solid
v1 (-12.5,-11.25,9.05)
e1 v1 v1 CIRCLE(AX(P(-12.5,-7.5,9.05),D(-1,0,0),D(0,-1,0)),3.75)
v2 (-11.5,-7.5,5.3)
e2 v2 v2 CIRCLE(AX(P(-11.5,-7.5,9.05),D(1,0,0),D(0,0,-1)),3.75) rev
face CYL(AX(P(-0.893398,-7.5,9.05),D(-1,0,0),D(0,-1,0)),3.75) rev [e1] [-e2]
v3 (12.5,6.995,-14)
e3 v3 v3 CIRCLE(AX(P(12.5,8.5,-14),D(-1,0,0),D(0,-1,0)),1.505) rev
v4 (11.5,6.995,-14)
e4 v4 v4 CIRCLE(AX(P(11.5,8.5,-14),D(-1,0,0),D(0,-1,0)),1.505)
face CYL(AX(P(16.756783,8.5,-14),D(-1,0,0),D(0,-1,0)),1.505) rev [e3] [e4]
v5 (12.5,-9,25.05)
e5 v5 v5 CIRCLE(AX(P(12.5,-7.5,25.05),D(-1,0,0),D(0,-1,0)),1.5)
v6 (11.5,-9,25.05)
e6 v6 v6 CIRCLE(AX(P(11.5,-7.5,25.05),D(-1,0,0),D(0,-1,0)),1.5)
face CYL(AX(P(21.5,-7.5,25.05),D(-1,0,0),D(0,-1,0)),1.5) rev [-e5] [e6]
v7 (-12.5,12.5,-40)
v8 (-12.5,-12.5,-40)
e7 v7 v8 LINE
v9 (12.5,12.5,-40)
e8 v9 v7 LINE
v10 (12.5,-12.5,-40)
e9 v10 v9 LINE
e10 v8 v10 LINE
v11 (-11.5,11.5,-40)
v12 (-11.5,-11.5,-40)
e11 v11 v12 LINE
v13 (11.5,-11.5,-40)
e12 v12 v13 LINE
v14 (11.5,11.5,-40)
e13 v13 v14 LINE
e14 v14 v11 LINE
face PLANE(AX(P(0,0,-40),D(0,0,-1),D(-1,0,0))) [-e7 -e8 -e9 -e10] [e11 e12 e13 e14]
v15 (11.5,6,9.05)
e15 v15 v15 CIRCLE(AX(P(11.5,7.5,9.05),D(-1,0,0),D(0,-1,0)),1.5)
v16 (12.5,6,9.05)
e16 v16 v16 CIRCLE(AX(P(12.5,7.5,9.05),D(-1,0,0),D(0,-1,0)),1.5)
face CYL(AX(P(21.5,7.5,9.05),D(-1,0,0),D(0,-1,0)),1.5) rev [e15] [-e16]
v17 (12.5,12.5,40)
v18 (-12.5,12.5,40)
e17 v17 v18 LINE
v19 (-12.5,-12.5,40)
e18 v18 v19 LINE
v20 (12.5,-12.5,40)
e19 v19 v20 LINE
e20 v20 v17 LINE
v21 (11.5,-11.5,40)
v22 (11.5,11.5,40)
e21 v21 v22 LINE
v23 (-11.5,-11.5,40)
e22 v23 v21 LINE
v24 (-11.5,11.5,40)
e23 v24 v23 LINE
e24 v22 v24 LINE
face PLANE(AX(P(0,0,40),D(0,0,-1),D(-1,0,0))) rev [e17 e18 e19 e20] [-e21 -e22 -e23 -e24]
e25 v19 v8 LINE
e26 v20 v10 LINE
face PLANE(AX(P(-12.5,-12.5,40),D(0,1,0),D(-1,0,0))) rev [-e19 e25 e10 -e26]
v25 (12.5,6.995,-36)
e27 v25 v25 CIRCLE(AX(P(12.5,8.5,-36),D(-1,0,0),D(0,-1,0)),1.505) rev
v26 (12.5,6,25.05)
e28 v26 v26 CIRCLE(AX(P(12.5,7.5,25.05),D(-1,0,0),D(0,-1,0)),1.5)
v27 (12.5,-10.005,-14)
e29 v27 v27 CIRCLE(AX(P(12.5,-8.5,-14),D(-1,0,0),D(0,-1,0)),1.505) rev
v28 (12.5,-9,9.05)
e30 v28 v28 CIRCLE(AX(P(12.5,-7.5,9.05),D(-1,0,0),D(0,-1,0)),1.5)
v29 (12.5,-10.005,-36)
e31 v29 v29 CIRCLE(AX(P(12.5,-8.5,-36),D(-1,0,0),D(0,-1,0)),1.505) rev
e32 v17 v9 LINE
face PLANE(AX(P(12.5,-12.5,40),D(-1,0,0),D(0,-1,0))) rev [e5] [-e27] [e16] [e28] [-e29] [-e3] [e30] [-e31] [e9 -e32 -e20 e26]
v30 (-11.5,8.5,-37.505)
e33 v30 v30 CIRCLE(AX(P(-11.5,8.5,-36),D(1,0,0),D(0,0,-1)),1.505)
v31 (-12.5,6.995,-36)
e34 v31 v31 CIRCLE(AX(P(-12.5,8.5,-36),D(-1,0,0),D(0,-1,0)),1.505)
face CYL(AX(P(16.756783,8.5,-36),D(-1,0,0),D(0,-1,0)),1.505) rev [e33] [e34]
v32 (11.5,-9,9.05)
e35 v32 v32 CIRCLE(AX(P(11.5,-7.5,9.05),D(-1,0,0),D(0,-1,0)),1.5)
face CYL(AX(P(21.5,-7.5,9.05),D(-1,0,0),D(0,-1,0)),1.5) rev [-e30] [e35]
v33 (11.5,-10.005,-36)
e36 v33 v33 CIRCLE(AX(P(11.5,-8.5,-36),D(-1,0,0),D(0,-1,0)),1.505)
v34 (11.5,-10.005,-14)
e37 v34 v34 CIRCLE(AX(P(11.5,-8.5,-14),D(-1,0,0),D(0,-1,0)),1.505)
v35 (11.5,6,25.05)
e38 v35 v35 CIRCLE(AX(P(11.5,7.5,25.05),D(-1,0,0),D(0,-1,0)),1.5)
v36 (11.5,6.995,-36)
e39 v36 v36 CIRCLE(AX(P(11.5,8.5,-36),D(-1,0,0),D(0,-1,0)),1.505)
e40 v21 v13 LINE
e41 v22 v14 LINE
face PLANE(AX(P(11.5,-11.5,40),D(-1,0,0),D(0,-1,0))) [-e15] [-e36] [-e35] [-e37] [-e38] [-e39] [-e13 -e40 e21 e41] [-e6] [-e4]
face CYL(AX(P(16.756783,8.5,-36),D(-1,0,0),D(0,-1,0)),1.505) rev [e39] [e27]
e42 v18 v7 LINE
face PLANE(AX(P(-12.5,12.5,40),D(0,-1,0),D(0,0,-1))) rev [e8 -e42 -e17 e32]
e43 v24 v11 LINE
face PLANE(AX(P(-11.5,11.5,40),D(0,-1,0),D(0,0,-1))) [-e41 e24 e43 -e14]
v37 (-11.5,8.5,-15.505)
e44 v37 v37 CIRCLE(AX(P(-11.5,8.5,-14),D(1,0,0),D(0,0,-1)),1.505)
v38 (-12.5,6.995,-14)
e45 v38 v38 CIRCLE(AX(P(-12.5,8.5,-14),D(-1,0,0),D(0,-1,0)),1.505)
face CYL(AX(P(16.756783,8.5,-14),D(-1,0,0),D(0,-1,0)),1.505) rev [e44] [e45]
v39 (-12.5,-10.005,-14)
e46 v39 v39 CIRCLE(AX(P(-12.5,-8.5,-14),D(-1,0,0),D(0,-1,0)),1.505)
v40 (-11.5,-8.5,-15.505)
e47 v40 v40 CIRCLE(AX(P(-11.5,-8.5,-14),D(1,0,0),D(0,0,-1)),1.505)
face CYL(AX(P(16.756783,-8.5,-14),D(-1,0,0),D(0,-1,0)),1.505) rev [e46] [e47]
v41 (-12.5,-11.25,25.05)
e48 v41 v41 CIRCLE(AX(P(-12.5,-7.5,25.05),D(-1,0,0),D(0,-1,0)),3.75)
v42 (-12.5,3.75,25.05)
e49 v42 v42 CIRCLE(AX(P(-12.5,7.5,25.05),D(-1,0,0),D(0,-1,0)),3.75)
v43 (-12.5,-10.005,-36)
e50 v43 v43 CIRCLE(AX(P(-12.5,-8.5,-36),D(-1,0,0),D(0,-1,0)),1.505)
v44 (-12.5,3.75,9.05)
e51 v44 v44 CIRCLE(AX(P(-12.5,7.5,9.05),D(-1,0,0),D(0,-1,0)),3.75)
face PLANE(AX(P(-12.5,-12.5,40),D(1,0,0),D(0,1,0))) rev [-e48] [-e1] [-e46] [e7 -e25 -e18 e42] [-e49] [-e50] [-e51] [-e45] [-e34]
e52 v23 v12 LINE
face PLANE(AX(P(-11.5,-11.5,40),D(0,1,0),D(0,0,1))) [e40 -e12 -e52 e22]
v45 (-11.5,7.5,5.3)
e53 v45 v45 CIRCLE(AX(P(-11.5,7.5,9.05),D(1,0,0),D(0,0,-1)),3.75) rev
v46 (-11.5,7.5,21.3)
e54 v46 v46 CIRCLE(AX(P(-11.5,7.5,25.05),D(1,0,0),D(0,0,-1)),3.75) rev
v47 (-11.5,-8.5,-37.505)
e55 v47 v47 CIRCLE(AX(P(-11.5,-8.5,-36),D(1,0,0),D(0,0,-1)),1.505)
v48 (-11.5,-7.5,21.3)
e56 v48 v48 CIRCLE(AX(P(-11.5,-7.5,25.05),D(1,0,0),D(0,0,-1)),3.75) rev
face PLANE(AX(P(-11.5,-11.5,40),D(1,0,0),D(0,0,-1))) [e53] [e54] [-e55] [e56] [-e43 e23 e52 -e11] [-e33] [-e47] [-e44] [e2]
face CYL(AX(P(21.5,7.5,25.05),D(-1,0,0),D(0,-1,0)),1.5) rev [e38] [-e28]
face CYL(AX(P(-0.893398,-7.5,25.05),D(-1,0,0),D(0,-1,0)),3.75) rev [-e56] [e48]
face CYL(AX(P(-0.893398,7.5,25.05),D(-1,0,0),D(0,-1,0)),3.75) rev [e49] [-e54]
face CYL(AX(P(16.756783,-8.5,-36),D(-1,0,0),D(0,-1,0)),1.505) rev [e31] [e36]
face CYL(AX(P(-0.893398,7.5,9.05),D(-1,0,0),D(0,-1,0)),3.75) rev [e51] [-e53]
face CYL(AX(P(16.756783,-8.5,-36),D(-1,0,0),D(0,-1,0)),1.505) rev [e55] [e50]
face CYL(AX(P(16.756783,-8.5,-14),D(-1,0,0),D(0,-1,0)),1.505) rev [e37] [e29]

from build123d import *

# Parameters (mm, degrees)
SKETCH_1_W           = 25
SKETCH_1_H           = 25
SKETCH_1_W_2         = 23
SKETCH_1_H_2         = 23
EXTRUDE_1_DEPTH      = 40
SKETCH_4_R           = 1.5
CUT_EXTRUDE_3_DEPTH  = 10
SKETCH_17_R          = 3.75
CUT_EXTRUDE_16_DEPTH = 1
CUT_EXTRUDE_17_REACH = 50.798
SKETCH_18_R          = 1.505


with BuildPart() as part:
    # 草图1 → 凸台-拉伸1 (new, symmetric)
    with BuildSketch(Plane.XY):
        Rectangle(SKETCH_1_W, SKETCH_1_H)
        Rectangle(SKETCH_1_W_2, SKETCH_1_H_2, mode=Mode.SUBTRACT)
    extrude(amount=EXTRUDE_1_DEPTH, both=True)

    # 草图4 → 切除-拉伸3 (cut)
    with BuildSketch(Plane.ZY.offset(-11.5)):
        with Locations(Location((25.05, -7.5, 0), (0, 0, 270))):
            Circle(SKETCH_4_R)
        with Locations(Location((25.05, 7.5, 0), (0, 0, 270))):
            Circle(SKETCH_4_R)
        with Locations(Location((9.05, 7.5, 0), (0, 0, 270))):
            Circle(SKETCH_4_R)
        with Locations(Location((9.05, -7.5, 0), (0, 0, 270))):
            Circle(SKETCH_4_R)
    extrude(amount=-CUT_EXTRUDE_3_DEPTH, mode=Mode.SUBTRACT)

    # 草图17 → 切除-拉伸16 (cut)
    with BuildSketch(Plane.ZY.offset(12.5)):
        with Locations(Location((25.05, 7.5, 0), (0, 0, 270))):
            Circle(SKETCH_17_R)
        with Locations(Location((9.05, 7.5, 0), (0, 0, 270))):
            Circle(SKETCH_17_R)
        with Locations(Location((25.05, -7.5, 0), (0, 0, 270))):
            Circle(SKETCH_17_R)
        with Locations(Location((9.05, -7.5, 0), (0, 0, 270))):
            Circle(SKETCH_17_R)
    extrude(amount=-CUT_EXTRUDE_16_DEPTH, mode=Mode.SUBTRACT)

    # 切除-拉伸17: up to this face of the body (flat: up to its plane)
    cut_extrude_17_end = Plane(part.part.faces().sort_by_distance((12.5, 0, -0.244495165))[0])
    # 草图18 → 切除-拉伸17 (cut, up to the picked face)
    with BuildSketch(Plane.ZY.offset(12.5), mode=Mode.PRIVATE) as cut_extrude_17_sk1:
        with Locations(Location((-36, 8.5, 0), (0, 0, 270))):
            Circle(SKETCH_18_R)
    cut_extrude_17_tool1 = split(extrude(cut_extrude_17_sk1.sketch, amount=-CUT_EXTRUDE_17_REACH, mode=Mode.PRIVATE), bisect_by=cut_extrude_17_end, keep=Keep.BOTH, mode=Mode.PRIVATE)
    # 草图18 → 切除-拉伸17 (cut, up to the picked face)
    with BuildSketch(Plane.ZY.offset(12.5), mode=Mode.PRIVATE) as cut_extrude_17_sk2:
        with Locations(Location((-14, 8.5, 0), (0, 0, 270))):
            Circle(SKETCH_18_R)
    cut_extrude_17_tool2 = split(extrude(cut_extrude_17_sk2.sketch, amount=-CUT_EXTRUDE_17_REACH, mode=Mode.PRIVATE), bisect_by=cut_extrude_17_end, keep=Keep.BOTH, mode=Mode.PRIVATE)
    # 草图18 → 切除-拉伸17 (cut, up to the picked face)
    with BuildSketch(Plane.ZY.offset(12.5), mode=Mode.PRIVATE) as cut_extrude_17_sk3:
        with Locations(Location((-14, -8.5, 0), (0, 0, 270))):
            Circle(SKETCH_18_R)
    cut_extrude_17_tool3 = split(extrude(cut_extrude_17_sk3.sketch, amount=-CUT_EXTRUDE_17_REACH, mode=Mode.PRIVATE), bisect_by=cut_extrude_17_end, keep=Keep.BOTH, mode=Mode.PRIVATE)
    # 草图18 → 切除-拉伸17 (cut, up to the picked face)
    with BuildSketch(Plane.ZY.offset(12.5), mode=Mode.PRIVATE) as cut_extrude_17_sk4:
        with Locations(Location((-36, -8.5, 0), (0, 0, 270))):
            Circle(SKETCH_18_R)
    cut_extrude_17_tool4 = split(extrude(cut_extrude_17_sk4.sketch, amount=-CUT_EXTRUDE_17_REACH, mode=Mode.PRIVATE), bisect_by=cut_extrude_17_end, keep=Keep.BOTH, mode=Mode.PRIVATE)
    add(cut_extrude_17_tool1.solids().sort_by(Axis((-12.5, 8.5, -36), (1, 0, 0)))[0], mode=Mode.SUBTRACT)
    add(cut_extrude_17_tool2.solids().sort_by(Axis((-12.5, 8.5, -14), (1, 0, 0)))[0], mode=Mode.SUBTRACT)
    add(cut_extrude_17_tool3.solids().sort_by(Axis((-12.5, -8.5, -14), (1, 0, 0)))[0], mode=Mode.SUBTRACT)
    add(cut_extrude_17_tool4.solids().sort_by(Axis((-12.5, -8.5, -36), (1, 0, 0)))[0], mode=Mode.SUBTRACT)


solid = part.part
